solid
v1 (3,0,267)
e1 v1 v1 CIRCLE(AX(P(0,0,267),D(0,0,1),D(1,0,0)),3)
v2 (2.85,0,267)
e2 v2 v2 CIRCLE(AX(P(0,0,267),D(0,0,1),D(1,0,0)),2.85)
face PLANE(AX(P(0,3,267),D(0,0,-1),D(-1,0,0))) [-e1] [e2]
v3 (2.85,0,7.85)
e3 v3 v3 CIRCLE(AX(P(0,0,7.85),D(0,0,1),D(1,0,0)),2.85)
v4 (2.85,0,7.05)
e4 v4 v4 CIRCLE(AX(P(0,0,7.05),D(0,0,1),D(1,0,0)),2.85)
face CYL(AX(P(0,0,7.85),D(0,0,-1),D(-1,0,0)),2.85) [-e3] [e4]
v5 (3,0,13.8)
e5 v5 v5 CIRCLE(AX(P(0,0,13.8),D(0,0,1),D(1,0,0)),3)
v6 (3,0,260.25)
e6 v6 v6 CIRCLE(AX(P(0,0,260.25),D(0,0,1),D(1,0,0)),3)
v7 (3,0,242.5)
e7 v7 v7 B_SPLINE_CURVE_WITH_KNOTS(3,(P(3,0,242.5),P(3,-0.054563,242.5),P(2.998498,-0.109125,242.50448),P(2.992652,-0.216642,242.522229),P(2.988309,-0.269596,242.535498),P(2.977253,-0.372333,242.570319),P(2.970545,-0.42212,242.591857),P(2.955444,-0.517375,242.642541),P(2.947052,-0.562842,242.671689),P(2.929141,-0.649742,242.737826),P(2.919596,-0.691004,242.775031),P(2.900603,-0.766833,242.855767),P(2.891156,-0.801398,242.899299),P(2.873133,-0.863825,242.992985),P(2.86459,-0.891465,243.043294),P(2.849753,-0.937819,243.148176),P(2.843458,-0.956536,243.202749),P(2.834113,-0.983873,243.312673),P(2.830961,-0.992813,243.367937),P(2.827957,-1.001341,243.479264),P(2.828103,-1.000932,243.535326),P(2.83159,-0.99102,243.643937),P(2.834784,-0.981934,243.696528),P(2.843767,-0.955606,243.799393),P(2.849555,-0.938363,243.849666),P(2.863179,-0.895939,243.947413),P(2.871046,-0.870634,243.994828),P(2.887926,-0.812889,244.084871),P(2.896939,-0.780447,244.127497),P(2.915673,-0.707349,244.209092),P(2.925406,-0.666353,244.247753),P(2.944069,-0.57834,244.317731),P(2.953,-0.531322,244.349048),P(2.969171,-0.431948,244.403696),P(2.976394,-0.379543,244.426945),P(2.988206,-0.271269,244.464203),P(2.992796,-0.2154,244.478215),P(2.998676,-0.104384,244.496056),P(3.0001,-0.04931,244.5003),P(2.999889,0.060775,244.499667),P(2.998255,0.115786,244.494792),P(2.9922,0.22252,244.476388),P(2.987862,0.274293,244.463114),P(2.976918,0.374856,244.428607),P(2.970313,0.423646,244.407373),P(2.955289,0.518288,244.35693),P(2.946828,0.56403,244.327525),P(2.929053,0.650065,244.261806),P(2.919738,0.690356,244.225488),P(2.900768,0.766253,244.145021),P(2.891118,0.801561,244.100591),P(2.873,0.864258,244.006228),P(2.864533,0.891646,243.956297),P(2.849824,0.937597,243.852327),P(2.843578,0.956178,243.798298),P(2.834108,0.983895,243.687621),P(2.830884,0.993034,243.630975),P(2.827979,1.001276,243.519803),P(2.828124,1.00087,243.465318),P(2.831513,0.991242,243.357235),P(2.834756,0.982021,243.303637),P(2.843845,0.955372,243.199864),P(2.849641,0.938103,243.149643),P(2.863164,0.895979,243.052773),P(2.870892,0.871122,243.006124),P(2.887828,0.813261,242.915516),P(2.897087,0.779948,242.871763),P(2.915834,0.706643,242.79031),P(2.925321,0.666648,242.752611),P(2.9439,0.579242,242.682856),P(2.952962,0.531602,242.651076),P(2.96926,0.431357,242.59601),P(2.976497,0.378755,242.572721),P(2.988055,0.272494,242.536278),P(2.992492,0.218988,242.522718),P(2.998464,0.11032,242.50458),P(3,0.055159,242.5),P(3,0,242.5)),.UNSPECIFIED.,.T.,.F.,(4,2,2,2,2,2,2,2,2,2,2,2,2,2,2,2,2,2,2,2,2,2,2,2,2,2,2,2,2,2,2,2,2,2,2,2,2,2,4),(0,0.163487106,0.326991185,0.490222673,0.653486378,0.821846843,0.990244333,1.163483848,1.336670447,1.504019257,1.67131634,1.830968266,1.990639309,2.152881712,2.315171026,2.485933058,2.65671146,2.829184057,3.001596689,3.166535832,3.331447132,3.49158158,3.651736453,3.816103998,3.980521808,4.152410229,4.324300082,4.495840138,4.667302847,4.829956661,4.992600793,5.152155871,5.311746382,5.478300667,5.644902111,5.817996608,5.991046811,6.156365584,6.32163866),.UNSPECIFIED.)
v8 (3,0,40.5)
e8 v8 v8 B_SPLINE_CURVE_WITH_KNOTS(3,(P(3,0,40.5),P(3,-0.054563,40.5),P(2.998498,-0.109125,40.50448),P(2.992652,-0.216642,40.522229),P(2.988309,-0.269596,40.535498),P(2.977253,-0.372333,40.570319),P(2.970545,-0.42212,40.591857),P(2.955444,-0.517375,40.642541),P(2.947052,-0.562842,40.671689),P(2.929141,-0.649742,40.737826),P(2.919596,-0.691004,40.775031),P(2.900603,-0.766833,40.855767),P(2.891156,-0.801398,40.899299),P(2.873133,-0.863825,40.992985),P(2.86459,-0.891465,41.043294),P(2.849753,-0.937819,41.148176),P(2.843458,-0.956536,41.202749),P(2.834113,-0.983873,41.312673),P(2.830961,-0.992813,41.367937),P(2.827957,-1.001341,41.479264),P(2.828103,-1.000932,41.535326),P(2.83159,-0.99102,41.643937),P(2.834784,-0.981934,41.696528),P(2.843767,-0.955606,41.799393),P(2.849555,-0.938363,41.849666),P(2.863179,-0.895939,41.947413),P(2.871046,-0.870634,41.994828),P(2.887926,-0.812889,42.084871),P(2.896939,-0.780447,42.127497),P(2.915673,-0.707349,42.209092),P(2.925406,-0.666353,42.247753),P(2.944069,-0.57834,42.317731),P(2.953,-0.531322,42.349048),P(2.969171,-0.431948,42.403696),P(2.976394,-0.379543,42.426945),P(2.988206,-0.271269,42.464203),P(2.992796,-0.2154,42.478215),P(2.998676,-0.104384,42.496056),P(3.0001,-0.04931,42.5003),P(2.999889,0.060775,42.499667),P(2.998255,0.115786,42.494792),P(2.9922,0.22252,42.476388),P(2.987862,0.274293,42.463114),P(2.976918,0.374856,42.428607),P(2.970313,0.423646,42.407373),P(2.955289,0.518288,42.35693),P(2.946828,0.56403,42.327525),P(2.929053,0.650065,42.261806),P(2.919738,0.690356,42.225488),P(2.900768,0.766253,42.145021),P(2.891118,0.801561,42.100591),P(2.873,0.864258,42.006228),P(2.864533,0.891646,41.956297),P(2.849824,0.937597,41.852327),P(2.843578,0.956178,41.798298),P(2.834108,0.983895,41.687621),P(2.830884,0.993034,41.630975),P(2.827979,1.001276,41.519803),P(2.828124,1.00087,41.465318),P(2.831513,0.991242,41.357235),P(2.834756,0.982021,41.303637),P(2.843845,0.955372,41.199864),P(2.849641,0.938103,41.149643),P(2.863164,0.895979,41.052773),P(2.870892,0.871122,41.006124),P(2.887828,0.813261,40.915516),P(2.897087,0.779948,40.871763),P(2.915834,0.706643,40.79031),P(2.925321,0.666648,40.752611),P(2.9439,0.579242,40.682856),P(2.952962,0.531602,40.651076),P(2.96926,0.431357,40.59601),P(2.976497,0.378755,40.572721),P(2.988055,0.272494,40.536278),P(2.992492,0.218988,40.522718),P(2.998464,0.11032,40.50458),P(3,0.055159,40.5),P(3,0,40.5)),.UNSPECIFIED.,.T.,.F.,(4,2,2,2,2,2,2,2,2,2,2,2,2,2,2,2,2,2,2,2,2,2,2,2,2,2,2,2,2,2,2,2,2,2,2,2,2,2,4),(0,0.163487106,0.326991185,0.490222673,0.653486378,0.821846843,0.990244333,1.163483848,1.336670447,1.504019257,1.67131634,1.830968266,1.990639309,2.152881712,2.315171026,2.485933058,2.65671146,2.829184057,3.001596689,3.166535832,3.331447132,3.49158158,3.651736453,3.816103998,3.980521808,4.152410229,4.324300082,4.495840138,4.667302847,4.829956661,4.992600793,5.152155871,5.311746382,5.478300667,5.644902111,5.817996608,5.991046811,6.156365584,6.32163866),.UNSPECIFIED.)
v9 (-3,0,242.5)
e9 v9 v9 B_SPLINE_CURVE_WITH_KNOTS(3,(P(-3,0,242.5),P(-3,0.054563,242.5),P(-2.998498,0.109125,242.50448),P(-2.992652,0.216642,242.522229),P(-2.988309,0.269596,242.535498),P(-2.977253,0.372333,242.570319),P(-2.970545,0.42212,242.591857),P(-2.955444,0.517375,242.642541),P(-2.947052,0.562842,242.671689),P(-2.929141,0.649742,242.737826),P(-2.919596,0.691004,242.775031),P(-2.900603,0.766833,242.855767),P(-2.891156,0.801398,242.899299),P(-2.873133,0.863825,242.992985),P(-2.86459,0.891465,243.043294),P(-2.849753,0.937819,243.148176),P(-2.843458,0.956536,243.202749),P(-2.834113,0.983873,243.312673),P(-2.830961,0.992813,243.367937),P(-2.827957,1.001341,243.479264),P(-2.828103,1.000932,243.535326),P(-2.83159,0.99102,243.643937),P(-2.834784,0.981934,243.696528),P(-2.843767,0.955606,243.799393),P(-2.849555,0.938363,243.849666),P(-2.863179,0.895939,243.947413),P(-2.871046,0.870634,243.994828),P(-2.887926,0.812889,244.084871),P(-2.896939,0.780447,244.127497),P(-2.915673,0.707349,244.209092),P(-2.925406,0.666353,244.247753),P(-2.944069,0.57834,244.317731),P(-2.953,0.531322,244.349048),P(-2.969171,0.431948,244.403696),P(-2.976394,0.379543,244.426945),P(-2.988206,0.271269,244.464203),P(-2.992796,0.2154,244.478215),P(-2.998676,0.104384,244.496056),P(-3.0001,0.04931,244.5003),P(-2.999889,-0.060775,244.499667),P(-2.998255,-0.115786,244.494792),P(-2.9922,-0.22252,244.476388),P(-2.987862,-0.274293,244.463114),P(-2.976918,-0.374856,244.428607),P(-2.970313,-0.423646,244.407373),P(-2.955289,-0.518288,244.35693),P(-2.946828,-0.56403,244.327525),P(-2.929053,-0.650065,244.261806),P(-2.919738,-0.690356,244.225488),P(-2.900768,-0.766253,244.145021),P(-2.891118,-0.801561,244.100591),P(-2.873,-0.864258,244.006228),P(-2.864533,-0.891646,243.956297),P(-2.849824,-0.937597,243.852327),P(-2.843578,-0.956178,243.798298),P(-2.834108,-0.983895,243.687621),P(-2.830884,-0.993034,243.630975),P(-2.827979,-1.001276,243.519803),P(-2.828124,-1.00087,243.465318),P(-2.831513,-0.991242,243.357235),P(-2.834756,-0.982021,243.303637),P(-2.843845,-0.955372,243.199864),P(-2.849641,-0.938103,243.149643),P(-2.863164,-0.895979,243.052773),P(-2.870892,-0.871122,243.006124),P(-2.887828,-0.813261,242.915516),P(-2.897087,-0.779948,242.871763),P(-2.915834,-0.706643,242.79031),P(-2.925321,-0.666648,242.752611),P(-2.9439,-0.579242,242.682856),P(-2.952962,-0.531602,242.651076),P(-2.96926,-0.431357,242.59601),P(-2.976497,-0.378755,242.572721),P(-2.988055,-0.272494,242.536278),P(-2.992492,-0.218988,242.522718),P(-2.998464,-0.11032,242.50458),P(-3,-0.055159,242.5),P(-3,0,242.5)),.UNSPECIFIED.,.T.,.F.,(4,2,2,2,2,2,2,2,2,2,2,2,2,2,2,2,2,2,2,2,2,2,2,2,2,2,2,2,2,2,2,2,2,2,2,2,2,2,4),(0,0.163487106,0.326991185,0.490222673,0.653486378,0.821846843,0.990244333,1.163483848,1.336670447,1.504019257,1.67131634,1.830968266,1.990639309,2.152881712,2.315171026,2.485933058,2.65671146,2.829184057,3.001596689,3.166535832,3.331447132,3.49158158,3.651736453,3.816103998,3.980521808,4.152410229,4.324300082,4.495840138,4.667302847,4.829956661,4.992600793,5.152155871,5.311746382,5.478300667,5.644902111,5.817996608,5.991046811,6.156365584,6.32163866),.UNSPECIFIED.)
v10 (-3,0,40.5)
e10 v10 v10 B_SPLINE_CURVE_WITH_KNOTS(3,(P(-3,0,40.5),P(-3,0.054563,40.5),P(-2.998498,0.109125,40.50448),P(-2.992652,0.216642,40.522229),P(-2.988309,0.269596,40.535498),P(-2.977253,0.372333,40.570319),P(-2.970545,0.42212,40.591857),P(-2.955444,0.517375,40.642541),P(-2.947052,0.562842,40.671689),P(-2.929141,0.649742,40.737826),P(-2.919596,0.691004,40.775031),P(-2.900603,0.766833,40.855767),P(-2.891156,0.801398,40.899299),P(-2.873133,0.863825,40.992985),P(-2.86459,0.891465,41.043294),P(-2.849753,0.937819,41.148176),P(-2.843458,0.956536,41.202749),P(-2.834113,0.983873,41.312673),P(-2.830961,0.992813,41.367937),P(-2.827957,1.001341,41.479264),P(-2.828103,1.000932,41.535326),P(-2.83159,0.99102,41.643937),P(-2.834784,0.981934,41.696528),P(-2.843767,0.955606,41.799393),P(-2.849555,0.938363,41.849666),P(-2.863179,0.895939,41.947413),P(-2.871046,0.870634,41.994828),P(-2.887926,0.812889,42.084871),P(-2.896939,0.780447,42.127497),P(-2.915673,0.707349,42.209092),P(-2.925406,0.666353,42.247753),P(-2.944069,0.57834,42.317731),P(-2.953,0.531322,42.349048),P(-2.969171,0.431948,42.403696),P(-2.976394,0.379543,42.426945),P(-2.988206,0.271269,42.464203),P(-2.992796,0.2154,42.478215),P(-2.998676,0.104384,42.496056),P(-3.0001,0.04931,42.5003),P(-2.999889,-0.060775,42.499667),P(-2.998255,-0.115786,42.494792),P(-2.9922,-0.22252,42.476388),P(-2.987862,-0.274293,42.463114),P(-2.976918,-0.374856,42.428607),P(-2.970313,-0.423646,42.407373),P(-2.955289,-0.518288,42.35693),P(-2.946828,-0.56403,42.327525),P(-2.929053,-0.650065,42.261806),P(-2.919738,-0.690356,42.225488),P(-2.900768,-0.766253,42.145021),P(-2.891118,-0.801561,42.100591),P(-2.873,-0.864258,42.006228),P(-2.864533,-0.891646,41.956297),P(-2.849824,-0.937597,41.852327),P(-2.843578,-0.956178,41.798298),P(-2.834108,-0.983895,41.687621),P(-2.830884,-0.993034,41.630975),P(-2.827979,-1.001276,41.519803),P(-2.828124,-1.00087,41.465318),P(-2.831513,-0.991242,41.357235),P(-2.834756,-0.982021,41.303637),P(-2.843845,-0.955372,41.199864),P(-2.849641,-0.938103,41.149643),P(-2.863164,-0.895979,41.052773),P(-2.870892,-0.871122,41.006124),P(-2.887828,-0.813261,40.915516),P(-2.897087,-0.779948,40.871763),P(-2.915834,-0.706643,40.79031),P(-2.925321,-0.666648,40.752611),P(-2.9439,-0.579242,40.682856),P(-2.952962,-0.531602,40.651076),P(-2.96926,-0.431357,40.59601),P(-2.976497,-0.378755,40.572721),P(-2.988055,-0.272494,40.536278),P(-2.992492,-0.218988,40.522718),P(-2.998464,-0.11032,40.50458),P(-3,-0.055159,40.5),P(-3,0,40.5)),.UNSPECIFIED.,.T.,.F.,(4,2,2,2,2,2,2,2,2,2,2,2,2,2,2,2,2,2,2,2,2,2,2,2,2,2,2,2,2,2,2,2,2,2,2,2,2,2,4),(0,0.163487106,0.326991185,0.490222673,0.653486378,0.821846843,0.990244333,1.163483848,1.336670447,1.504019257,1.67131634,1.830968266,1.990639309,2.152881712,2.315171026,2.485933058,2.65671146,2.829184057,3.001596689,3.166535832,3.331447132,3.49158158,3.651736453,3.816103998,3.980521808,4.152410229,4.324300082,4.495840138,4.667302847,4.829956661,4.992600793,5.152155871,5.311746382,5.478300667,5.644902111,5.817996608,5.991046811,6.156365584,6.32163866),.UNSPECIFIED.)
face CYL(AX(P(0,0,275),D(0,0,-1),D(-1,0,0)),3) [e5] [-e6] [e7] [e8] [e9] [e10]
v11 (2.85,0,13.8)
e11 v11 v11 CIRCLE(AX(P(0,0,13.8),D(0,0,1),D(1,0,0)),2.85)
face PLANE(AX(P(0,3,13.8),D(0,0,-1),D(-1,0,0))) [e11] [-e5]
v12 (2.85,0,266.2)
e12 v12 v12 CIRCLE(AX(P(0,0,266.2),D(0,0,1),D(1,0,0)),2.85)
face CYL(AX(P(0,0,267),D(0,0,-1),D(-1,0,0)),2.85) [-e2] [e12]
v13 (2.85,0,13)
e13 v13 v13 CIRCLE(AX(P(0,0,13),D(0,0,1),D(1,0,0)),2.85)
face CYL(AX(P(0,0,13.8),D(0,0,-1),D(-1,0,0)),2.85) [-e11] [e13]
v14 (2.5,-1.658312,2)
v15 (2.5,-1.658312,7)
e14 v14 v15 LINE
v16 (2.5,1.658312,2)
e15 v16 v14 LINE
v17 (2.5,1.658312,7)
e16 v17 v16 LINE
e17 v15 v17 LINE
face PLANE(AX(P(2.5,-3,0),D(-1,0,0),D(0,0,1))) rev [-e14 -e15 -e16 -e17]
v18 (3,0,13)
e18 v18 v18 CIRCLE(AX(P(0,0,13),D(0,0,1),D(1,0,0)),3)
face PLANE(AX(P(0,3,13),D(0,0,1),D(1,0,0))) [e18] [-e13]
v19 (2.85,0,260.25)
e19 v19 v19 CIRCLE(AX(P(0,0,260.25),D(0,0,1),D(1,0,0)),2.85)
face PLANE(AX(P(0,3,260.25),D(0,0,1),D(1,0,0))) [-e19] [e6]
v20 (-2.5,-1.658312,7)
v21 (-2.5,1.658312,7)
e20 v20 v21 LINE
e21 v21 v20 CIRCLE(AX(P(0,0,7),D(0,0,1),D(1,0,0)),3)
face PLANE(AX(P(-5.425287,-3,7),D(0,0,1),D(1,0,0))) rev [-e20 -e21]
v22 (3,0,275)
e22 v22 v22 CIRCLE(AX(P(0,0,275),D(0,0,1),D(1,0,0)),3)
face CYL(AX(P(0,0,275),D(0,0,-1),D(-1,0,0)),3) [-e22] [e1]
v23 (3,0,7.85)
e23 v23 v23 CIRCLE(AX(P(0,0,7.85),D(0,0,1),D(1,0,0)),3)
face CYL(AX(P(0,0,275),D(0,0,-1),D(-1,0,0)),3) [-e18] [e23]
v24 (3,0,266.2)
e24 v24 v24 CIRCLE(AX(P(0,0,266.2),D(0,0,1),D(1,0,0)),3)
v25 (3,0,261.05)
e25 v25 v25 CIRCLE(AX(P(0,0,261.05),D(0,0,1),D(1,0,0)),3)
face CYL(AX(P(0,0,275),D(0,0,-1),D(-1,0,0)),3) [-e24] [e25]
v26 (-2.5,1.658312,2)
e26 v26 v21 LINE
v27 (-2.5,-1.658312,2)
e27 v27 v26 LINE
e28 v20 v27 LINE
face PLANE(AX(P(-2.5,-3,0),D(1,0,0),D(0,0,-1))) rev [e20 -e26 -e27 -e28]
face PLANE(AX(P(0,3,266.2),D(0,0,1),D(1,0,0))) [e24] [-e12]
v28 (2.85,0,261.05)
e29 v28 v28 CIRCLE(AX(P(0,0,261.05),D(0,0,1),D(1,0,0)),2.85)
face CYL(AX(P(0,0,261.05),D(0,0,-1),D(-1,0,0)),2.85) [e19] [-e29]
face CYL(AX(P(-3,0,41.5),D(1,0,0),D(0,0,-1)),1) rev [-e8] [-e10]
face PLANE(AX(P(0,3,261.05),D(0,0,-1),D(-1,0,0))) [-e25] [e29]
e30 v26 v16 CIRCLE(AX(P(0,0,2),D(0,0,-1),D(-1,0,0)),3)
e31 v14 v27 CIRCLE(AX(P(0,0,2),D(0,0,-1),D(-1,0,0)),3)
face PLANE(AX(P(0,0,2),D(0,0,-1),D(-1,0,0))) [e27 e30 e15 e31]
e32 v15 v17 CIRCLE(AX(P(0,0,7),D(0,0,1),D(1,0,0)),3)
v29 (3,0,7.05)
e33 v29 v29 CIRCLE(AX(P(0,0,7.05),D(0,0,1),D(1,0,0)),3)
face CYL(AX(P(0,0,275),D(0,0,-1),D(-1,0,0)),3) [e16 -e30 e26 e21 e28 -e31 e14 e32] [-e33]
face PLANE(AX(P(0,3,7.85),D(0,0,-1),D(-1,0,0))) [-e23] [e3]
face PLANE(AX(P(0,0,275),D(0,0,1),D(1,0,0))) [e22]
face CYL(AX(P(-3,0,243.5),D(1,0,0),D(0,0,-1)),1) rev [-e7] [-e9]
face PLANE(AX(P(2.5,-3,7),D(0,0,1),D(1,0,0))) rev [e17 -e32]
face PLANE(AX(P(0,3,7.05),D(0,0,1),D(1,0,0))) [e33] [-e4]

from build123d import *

# Parameters (mm, degrees)
SKETCH1_R                                 = 3
BOSS_EXTRUDE1_DEPTH                       = 275
SKETCH3_W                                 = 0.8
SKETCH3_H                                 = 0.5
CUT_EXTRUDE2_DEPTH                        = 276.032725326
CUT_EXTRUDE2_DEPTH_BACK                   = 276.032725326
SKETCH4_W                                 = 3.470061058
SKETCH4_H                                 = 7
SKETCH4_W_2                               = 2.92528695
CHAMFER1_SIZE                             = 0.3
RETAINING_GROOVES_D5P7_1_START            = 7.05
SKETCH5_R                                 = 2.85
SKETCH5_R_2                               = 2.49
RETAINING_GROOVES_D5P7_1_DEPTH            = 0.8
RETAINING_GROOVES_D5P7_2_START            = 13
SKETCH6_R                                 = 2.85
SKETCH6_R_2                               = 2.49
RETAINING_GROOVES_D5P7_2_DEPTH            = 0.8
RETAINING_GROOVES_D5P7_3_START            = 260.25
SKETCH7_R                                 = 2.85
SKETCH7_R_2                               = 2.49
RETAINING_GROOVES_D5P7_3_DEPTH            = 0.8
RETAINING_GROOVES_D5P7_4_START            = 266.2
SKETCH8_R                                 = 2.85
SKETCH8_R_2                               = 2.49
RETAINING_GROOVES_D5P7_4_DEPTH            = 0.8
TWO_HUB_CROSS_PIN_D2_DEPTH                = 276.032725326
TWO_HUB_CROSS_PIN_D2_DEPTH_BACK           = 276.032725326
SKETCH9_R                                 = 1
SKETCH10_R                                = 3.1
REVB_LOWER_SHAFT_NOSE_CLEARANCE_2MM_DEPTH = 2


with BuildPart() as part:
    # Sketch1 → Boss-Extrude1 (new body)
    with BuildSketch(Plane.XY):
        Circle(SKETCH1_R)
    extrude(amount=BOSS_EXTRUDE1_DEPTH)

    # Sketch3 → Cut-Revolve1 (revolve, cut)
    with BuildSketch(Plane(origin=(0, 0, 0), x_dir=(0, 0, -1), z_dir=(1, 0, 0)), mode=Mode.PRIVATE) as cut_revolve1_sk:
        with Locations((-266.6, 2.75)):
            Rectangle(SKETCH3_W, SKETCH3_H)
        with Locations((-260.65, 2.75)):
            Rectangle(SKETCH3_W, SKETCH3_H)
        with Locations((-13.4, 2.75)):
            Rectangle(SKETCH3_W, SKETCH3_H)
        with Locations((-7.45, 2.75)):
            Rectangle(SKETCH3_W, SKETCH3_H)
    revolve(cut_revolve1_sk.sketch.rotate(Axis((0, 0, 263.365004794), (0, 0, -1)), 90), axis=Axis((0, 0, 263.365004794), (0, 0, -1)), mode=Mode.SUBTRACT)

    # Sketch4 → Cut-Extrude2 (cut, two sides: drawn at the far end of the back side and taken through both)
    with BuildSketch(Plane(origin=(0, 0, 0), x_dir=(1, 0, 0), z_dir=(0, 1, 0)).offset(-CUT_EXTRUDE2_DEPTH_BACK)):
        with Locations((4.235030529, -3.5)):
            Rectangle(SKETCH4_W, SKETCH4_H)
        with Locations((-3.962643475, -3.5)):
            Rectangle(SKETCH4_W_2, SKETCH4_H)
    extrude(amount=CUT_EXTRUDE2_DEPTH + CUT_EXTRUDE2_DEPTH_BACK, mode=Mode.SUBTRACT)

    # Chamfer1
    chamfer1_edges = [part.edges().sort_by_distance(p)[0] for p in [
        (0, 3, 0),
        (0, -3, 0),
    ]]
    chamfer(chamfer1_edges, length=CHAMFER1_SIZE)

    # Sketch5 → Retaining_Grooves_D5p7_1 (add)
    with BuildSketch(Plane.XY.offset(RETAINING_GROOVES_D5P7_1_START)):
        Circle(SKETCH5_R)
        Circle(SKETCH5_R_2, mode=Mode.SUBTRACT)
    extrude(amount=RETAINING_GROOVES_D5P7_1_DEPTH)

    # Sketch6 → Retaining_Grooves_D5p7_2 (add)
    with BuildSketch(Plane.XY.offset(RETAINING_GROOVES_D5P7_2_START)):
        Circle(SKETCH6_R)
        Circle(SKETCH6_R_2, mode=Mode.SUBTRACT)
    extrude(amount=RETAINING_GROOVES_D5P7_2_DEPTH)

    # Sketch7 → Retaining_Grooves_D5p7_3 (add)
    with BuildSketch(Plane.XY.offset(RETAINING_GROOVES_D5P7_3_START)):
        Circle(SKETCH7_R)
        Circle(SKETCH7_R_2, mode=Mode.SUBTRACT)
    extrude(amount=RETAINING_GROOVES_D5P7_3_DEPTH)

    # Sketch8 → Retaining_Grooves_D5p7_4 (add)
    with BuildSketch(Plane.XY.offset(RETAINING_GROOVES_D5P7_4_START)):
        Circle(SKETCH8_R)
        Circle(SKETCH8_R_2, mode=Mode.SUBTRACT)
    extrude(amount=RETAINING_GROOVES_D5P7_4_DEPTH)

    # Sketch9 → Two_Hub_Cross_Pin_D2 (cut, two sides: drawn at the far end of the back side and taken through both)
    with BuildSketch(Plane(origin=(0, 0, 0), x_dir=(0, 0, -1), z_dir=(1, 0, 0)).offset(-TWO_HUB_CROSS_PIN_D2_DEPTH_BACK)):
        with Locations((-41.5, 0)):
            Circle(SKETCH9_R)
        with Locations((-243.5, 0)):
            Circle(SKETCH9_R)
    extrude(amount=TWO_HUB_CROSS_PIN_D2_DEPTH + TWO_HUB_CROSS_PIN_D2_DEPTH_BACK, mode=Mode.SUBTRACT)

    # Sketch10 → RevB_Lower_Shaft_Nose_Clearance_2mm (cut)
    with BuildSketch(Plane(origin=(0, 0, 0), x_dir=(-1, 0, 0), z_dir=(0, 0, -1))):
        Circle(SKETCH10_R)
    extrude(amount=-REVB_LOWER_SHAFT_NOSE_CLEARANCE_2MM_DEPTH, mode=Mode.SUBTRACT)


solid = part.part
